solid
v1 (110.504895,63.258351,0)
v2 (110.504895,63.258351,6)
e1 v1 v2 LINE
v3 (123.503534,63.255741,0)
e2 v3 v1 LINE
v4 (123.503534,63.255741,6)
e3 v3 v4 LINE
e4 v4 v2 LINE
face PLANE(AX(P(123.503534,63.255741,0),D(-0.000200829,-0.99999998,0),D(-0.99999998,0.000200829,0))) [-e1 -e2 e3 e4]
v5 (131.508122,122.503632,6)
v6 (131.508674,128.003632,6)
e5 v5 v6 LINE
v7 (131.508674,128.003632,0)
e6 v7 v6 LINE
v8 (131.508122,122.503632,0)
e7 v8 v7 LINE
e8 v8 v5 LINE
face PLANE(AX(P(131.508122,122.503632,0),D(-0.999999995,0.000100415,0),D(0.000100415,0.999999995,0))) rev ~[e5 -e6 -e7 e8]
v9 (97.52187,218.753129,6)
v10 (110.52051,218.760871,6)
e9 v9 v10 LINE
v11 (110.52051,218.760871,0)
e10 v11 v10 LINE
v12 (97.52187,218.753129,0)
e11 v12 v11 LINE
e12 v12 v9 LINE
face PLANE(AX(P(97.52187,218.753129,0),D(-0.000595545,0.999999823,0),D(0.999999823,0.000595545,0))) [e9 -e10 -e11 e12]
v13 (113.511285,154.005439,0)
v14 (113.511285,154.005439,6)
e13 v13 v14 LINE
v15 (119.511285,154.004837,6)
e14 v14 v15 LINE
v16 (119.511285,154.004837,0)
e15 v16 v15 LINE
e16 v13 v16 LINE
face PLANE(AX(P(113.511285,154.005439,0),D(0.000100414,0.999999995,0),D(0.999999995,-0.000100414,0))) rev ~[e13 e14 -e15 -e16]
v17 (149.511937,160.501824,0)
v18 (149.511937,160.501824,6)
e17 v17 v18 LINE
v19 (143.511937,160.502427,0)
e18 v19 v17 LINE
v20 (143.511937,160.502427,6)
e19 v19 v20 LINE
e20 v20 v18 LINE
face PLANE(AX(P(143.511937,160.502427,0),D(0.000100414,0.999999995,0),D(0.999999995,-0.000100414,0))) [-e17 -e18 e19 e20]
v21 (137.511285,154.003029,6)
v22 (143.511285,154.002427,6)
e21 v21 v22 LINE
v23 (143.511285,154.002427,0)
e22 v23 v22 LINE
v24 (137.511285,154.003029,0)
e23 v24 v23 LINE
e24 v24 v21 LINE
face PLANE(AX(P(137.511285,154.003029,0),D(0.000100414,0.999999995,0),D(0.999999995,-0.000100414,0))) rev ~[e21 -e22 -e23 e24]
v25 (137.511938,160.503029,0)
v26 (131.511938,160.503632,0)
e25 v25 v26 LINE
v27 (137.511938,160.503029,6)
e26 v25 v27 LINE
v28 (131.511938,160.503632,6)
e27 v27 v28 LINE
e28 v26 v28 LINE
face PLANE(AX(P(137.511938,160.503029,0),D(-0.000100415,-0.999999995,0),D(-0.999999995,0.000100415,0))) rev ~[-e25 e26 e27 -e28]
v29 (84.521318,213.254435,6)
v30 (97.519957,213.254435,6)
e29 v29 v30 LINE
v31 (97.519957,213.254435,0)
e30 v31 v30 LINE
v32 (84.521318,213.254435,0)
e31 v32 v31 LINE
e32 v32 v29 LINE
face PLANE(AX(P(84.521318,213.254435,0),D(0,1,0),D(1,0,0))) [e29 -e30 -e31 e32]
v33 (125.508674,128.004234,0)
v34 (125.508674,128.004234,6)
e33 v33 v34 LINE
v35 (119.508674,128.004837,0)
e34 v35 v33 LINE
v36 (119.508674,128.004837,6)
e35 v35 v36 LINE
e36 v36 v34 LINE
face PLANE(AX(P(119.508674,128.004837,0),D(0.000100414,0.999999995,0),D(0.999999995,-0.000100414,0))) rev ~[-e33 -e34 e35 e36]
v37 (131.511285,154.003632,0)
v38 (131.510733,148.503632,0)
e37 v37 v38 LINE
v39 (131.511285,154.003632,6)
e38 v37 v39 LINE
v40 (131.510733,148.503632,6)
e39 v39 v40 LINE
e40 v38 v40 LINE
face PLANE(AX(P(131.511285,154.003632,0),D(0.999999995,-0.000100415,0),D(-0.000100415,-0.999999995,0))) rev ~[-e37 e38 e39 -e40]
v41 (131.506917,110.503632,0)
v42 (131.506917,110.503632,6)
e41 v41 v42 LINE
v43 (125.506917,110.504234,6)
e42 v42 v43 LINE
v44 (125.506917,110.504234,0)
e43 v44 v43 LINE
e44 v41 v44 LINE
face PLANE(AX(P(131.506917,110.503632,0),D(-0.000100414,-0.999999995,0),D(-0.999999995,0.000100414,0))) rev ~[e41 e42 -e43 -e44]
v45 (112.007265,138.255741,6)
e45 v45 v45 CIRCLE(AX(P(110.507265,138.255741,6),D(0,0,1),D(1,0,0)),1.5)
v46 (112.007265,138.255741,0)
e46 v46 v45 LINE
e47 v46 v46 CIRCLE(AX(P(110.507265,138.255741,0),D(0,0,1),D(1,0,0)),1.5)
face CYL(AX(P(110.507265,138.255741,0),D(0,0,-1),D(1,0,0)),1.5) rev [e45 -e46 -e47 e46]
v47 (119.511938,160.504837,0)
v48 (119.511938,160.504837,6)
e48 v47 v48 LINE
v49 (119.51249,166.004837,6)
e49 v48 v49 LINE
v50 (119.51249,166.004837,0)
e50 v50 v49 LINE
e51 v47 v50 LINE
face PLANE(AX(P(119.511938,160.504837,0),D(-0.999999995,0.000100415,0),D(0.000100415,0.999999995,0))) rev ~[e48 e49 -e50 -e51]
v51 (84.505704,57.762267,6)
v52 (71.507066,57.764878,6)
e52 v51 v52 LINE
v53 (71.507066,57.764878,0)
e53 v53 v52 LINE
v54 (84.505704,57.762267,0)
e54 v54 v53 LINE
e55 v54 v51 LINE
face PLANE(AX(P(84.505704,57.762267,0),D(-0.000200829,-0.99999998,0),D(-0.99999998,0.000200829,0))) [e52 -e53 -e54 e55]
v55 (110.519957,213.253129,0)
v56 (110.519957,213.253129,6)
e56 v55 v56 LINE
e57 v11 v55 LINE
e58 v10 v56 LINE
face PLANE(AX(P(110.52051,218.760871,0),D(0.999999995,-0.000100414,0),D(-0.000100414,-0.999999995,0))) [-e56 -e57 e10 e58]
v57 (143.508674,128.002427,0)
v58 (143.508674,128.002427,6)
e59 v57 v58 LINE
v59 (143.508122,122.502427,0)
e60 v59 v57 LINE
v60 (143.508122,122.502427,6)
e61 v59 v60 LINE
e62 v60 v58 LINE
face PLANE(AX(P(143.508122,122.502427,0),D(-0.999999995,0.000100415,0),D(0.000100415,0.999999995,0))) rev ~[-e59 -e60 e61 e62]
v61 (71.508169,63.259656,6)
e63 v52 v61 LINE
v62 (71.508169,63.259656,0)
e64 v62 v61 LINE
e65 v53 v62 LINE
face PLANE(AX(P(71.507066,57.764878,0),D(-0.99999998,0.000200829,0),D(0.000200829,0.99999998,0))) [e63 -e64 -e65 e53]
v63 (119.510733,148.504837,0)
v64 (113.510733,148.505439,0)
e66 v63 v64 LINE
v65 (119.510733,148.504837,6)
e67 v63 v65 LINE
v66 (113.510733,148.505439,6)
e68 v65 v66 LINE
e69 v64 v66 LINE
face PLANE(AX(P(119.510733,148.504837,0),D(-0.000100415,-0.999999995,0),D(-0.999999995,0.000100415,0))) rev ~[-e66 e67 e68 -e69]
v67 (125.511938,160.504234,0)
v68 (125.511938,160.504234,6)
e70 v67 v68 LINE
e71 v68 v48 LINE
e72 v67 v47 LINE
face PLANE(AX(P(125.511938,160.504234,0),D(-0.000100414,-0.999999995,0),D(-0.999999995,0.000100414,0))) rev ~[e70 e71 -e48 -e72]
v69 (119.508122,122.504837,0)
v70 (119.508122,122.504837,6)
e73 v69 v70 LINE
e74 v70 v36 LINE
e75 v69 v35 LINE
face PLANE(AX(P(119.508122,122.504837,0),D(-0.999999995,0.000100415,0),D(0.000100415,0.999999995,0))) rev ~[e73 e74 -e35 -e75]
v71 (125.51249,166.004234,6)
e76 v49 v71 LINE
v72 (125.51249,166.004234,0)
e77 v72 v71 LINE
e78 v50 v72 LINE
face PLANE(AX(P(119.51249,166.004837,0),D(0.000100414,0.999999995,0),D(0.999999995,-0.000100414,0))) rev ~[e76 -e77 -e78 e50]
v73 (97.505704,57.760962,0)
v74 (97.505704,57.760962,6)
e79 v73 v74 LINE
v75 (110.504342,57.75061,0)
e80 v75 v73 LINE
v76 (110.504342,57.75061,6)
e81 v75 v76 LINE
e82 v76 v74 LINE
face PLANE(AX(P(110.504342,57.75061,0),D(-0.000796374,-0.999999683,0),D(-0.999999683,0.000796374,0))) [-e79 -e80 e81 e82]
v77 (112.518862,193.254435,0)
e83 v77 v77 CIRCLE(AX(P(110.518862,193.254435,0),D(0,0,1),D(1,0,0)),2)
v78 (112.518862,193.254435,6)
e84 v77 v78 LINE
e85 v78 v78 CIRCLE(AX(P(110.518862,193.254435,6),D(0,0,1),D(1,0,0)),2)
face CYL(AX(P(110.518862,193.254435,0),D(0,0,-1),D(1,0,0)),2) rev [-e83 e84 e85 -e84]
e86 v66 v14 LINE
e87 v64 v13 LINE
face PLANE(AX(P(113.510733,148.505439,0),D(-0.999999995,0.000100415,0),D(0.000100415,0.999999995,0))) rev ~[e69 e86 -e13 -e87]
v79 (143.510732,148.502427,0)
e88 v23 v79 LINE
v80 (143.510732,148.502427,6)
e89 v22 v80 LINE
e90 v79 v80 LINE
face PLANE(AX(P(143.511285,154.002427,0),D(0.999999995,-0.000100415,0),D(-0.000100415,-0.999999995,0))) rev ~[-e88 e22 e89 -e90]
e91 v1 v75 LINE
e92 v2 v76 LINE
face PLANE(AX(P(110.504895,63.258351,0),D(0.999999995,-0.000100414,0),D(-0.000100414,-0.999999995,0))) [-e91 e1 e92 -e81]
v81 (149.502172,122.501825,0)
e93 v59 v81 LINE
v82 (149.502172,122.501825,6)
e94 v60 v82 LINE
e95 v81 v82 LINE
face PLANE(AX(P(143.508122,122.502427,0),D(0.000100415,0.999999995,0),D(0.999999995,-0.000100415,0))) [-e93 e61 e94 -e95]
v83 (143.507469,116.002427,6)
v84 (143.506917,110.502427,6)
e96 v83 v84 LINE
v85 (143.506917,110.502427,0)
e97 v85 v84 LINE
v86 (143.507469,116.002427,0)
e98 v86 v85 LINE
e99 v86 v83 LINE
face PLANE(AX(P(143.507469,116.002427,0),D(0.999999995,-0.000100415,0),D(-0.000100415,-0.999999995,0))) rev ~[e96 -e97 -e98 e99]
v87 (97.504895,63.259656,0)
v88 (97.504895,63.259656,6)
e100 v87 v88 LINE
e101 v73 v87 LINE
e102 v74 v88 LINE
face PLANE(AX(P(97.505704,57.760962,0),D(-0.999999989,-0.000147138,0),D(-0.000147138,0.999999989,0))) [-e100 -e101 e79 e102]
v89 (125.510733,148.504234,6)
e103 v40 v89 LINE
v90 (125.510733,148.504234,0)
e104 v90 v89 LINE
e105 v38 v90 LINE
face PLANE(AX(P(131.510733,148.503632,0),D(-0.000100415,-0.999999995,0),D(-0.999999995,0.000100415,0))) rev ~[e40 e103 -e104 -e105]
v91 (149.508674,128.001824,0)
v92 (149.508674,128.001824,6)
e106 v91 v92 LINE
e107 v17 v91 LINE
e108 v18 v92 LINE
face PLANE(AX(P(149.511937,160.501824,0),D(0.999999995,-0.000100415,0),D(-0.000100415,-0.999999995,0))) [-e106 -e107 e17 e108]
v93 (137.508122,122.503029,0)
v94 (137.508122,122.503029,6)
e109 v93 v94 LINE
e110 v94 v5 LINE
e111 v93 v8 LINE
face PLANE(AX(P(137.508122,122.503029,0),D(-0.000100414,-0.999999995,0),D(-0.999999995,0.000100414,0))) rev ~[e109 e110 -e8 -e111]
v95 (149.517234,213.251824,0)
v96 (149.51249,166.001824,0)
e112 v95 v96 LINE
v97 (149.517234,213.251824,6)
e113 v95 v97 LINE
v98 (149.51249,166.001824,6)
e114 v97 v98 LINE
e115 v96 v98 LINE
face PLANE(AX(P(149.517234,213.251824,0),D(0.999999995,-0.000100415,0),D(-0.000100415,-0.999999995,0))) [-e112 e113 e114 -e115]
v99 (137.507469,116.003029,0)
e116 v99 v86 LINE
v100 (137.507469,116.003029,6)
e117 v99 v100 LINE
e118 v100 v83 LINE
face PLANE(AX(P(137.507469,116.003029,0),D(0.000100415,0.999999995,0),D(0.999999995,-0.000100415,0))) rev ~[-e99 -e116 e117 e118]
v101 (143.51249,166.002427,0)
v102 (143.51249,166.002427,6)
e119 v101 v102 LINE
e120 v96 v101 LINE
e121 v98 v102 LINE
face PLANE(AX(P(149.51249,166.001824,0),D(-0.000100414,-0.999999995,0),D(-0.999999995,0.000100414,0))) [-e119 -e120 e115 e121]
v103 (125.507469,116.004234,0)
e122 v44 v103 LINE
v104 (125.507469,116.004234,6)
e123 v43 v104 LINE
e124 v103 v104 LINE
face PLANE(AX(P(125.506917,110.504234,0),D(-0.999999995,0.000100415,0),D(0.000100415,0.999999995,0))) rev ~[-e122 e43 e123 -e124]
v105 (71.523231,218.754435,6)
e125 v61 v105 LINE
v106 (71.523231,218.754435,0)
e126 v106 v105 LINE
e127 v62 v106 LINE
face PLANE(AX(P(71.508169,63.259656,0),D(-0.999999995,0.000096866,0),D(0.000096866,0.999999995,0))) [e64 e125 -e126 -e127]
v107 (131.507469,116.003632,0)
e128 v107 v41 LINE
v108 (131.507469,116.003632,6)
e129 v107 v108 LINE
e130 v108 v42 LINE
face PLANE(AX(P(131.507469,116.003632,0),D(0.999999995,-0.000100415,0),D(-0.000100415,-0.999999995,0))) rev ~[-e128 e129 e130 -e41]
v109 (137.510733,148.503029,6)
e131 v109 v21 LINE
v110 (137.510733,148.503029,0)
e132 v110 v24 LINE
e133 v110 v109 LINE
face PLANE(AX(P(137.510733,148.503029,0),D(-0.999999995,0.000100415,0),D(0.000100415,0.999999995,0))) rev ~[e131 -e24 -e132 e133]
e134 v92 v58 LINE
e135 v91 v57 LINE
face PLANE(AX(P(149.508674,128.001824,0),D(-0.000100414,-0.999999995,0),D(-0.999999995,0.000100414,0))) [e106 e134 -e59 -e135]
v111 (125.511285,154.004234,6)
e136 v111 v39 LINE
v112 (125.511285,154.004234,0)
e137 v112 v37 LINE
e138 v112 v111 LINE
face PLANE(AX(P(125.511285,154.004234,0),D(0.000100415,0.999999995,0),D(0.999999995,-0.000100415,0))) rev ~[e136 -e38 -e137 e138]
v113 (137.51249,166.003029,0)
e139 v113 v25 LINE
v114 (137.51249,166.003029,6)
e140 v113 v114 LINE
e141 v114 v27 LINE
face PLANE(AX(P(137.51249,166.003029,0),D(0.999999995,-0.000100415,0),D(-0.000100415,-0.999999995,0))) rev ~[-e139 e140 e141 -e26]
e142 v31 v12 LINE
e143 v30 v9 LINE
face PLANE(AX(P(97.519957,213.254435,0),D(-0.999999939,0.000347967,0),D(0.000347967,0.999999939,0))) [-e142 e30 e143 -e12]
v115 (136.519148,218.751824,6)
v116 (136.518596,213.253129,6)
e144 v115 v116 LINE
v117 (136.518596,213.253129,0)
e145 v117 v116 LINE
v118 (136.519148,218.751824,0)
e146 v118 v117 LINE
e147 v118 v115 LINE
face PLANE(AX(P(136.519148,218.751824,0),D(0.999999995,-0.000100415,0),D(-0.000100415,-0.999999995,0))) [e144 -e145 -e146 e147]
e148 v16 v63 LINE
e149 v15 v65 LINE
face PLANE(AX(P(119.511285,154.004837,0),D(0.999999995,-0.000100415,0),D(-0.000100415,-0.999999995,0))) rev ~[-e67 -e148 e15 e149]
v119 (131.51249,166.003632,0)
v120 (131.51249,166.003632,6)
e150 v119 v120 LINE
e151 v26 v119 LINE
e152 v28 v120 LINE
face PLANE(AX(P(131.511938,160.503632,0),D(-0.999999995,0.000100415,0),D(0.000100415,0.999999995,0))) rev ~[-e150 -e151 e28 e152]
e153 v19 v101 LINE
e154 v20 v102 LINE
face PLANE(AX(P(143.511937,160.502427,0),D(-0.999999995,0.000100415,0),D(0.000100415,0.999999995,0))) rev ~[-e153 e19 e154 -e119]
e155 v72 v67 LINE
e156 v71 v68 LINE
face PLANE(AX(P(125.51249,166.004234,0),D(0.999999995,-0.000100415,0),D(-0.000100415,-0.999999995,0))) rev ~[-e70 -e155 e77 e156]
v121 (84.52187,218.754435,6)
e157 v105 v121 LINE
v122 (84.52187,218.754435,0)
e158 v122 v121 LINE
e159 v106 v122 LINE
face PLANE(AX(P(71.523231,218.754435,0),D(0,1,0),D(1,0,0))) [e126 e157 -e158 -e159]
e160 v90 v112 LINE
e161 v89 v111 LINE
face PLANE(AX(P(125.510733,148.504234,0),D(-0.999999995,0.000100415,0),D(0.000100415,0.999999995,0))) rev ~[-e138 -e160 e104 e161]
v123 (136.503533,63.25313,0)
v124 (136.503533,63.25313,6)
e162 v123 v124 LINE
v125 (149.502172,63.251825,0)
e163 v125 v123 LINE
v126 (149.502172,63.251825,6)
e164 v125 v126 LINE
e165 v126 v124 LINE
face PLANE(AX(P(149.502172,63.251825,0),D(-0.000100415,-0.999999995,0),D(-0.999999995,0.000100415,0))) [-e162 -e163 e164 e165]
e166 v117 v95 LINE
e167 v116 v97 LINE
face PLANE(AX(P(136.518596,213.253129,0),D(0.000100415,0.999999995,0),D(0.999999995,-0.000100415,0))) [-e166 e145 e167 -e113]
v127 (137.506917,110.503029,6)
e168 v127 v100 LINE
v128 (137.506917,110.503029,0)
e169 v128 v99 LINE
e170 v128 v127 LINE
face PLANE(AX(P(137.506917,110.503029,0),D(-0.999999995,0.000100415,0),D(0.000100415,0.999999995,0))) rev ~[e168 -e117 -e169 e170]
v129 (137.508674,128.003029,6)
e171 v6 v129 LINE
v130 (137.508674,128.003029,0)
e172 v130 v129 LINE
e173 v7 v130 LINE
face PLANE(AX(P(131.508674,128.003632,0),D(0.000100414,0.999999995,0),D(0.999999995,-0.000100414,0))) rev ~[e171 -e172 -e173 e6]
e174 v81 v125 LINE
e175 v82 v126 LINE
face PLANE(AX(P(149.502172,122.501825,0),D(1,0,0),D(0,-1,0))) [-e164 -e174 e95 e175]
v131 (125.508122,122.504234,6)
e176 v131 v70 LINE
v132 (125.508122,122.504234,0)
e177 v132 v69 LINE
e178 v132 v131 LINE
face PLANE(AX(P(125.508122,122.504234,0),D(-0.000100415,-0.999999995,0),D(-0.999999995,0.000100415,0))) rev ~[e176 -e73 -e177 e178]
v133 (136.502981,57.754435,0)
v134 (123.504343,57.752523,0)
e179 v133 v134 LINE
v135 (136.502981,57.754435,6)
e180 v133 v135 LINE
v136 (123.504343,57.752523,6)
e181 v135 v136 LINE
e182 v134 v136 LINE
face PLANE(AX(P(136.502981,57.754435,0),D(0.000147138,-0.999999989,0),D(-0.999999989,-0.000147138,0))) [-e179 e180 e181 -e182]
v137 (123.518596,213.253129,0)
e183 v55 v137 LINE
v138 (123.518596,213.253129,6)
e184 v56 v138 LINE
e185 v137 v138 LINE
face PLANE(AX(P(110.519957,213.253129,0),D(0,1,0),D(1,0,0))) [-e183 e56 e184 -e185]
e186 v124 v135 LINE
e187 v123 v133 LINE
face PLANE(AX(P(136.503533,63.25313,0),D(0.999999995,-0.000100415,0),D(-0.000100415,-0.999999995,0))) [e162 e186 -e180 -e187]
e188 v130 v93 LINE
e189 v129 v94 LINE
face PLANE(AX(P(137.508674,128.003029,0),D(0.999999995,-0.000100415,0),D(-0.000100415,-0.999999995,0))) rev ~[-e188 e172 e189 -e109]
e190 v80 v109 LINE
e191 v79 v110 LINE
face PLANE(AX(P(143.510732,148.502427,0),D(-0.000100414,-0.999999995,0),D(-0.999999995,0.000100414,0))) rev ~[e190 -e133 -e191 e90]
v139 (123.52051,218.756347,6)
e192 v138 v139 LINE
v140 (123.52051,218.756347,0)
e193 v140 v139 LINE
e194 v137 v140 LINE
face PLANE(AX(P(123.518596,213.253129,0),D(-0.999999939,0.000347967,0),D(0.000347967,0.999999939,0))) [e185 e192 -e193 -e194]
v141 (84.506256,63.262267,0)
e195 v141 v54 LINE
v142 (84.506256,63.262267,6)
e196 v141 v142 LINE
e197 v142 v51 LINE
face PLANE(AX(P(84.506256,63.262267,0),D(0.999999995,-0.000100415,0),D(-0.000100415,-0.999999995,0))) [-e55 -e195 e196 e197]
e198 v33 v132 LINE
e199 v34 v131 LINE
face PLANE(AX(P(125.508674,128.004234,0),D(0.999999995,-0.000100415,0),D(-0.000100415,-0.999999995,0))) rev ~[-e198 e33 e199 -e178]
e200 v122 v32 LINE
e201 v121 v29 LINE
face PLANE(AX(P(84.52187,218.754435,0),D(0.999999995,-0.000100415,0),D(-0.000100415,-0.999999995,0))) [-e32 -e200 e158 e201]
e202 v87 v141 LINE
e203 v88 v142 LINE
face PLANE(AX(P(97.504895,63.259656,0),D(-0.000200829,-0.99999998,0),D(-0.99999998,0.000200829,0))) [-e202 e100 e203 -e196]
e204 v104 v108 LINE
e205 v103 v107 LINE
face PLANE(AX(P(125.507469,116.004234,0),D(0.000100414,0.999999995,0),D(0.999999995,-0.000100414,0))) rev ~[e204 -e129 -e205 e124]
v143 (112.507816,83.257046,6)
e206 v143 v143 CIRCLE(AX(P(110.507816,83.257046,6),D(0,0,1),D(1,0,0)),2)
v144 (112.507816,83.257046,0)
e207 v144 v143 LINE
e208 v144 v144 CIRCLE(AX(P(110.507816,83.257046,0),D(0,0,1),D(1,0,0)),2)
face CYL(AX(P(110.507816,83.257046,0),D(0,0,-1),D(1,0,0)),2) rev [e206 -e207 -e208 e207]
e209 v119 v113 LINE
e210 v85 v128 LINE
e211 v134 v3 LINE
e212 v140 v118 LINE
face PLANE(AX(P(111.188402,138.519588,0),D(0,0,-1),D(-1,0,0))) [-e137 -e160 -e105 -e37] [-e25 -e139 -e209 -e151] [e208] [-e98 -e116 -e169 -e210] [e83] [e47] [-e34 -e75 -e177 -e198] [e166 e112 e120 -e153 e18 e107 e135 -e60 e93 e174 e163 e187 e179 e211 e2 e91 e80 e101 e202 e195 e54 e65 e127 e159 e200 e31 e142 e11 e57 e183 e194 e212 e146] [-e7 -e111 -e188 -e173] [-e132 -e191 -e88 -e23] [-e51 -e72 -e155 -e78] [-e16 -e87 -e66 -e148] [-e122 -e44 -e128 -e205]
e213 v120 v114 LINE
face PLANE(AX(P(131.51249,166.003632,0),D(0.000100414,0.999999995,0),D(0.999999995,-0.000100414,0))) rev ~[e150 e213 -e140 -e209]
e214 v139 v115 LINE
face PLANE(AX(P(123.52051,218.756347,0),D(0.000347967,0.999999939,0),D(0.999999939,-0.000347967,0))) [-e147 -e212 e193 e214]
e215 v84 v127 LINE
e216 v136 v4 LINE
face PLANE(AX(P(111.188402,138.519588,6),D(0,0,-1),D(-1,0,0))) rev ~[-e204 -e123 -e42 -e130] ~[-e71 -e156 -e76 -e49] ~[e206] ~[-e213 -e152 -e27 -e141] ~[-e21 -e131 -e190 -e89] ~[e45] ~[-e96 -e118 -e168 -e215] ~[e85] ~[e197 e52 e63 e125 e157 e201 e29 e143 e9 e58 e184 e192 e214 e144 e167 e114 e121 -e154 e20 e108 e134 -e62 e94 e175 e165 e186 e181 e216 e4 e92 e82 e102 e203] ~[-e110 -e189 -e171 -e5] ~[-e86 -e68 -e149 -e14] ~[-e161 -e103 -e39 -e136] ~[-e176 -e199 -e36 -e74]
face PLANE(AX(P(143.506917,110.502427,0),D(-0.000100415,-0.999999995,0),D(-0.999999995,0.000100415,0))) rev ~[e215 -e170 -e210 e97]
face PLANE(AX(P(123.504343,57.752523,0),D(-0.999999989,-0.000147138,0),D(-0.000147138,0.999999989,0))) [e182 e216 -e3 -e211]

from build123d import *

# Parameters (mm, degrees)
MODEL_R             = 2
MODEL_R_2           = 1.5
BOSS_EXTRUDE1_DEPTH = 6


with BuildPart() as part:
    # Model → Boss-Extrude1 (new body)
    with BuildSketch(Plane.XY):
        Polygon((136.503533409, 63.253129949), (136.50298126, 57.754435229), (123.504343338, 57.752522637), (123.503533606, 63.255740591), (110.504895018, 63.258351095), (110.504341961, 57.750609844), (97.50570415, 57.760961628), (97.504895084, 63.259656484), (84.506256496, 63.262266989), (84.505704216, 57.762267017), (71.507065628, 57.764877521), (71.508169139, 63.259656429), (71.52323132, 218.754434691), (84.52187017, 218.754434691), (84.52131789, 213.254434719), (97.51995674, 213.254434719), (97.521870105, 218.753129302), (110.520509732, 218.760870582), (110.519956675, 213.25312933), (123.518595525, 213.25312933), (123.520510463, 218.75634701), (136.519147739, 218.751823913), (136.51859559, 213.253129193), (149.517234309, 213.251823941), (149.512489722, 166.001824179), (143.512489752, 166.002426666), (143.512213612, 163.25242668), (143.511937472, 160.502426694), (149.511937442, 160.501824207), (149.50867397, 128.001824371), (143.508674, 128.002426858), (143.50839786, 125.252426872), (143.50812172, 122.502426886), (149.502172128, 122.501824996), (149.502172128, 63.251824697), align=None)
        with Locations((110.507816209, 83.257045523)):
            Circle(MODEL_R, mode=Mode.SUBTRACT)
        with Locations((110.518861547, 193.254434719)):
            Circle(MODEL_R, mode=Mode.SUBTRACT)
        with Locations((110.507264687, 138.255740731)):
            Circle(MODEL_R_2, mode=Mode.SUBTRACT)
        Polygon((119.512213733, 163.254836629), (119.512489873, 166.004836615), (125.512489843, 166.004234128), (125.511937563, 160.504234156), (119.511937593, 160.504836643), align=None, mode=Mode.SUBTRACT)
        Polygon((131.512213673, 163.253631655), (131.512489813, 166.003631641), (137.512489783, 166.003029154), (137.511937503, 160.503029181), (131.511937533, 160.503631669), align=None, mode=Mode.SUBTRACT)
        Polygon((113.511008789, 151.255439177), (113.511284929, 154.005439163), (119.511284899, 154.004836676), (119.510732619, 148.504836703), (113.510732649, 148.505439191), align=None, mode=Mode.SUBTRACT)
        Polygon((125.511008729, 151.254234202), (125.511284869, 154.004234189), (131.511284838, 154.003631701), (131.510732558, 148.503631729), (125.510732589, 148.504234216), align=None, mode=Mode.SUBTRACT)
        Polygon((137.511008668, 151.253029228), (137.511284808, 154.003029214), (143.511284778, 154.002426727), (143.510732498, 148.502426755), (137.510732528, 148.503029242), align=None, mode=Mode.SUBTRACT)
        Polygon((119.508397981, 125.254836821), (119.508674121, 128.004836807), (125.508674091, 128.00423432), (125.508121811, 122.504234347), (119.508121841, 122.504836835), align=None, mode=Mode.SUBTRACT)
        Polygon((131.50839792, 125.253631846), (131.50867406, 128.003631832), (137.50867403, 128.003029345), (137.50812175, 122.503029373), (131.50812178, 122.50363186), align=None, mode=Mode.SUBTRACT)
        Polygon((125.507192976, 113.254234394), (125.507469116, 116.00423438), (131.507469086, 116.003631893), (131.506916806, 110.503631921), (125.506916836, 110.504234408), align=None, mode=Mode.SUBTRACT)
        Polygon((137.507192916, 113.253029419), (137.507469056, 116.003029406), (143.507469025, 116.002426918), (143.506916745, 110.502426946), (137.506916776, 110.503029433), align=None, mode=Mode.SUBTRACT)
    extrude(amount=BOSS_EXTRUDE1_DEPTH)


solid = part.part
